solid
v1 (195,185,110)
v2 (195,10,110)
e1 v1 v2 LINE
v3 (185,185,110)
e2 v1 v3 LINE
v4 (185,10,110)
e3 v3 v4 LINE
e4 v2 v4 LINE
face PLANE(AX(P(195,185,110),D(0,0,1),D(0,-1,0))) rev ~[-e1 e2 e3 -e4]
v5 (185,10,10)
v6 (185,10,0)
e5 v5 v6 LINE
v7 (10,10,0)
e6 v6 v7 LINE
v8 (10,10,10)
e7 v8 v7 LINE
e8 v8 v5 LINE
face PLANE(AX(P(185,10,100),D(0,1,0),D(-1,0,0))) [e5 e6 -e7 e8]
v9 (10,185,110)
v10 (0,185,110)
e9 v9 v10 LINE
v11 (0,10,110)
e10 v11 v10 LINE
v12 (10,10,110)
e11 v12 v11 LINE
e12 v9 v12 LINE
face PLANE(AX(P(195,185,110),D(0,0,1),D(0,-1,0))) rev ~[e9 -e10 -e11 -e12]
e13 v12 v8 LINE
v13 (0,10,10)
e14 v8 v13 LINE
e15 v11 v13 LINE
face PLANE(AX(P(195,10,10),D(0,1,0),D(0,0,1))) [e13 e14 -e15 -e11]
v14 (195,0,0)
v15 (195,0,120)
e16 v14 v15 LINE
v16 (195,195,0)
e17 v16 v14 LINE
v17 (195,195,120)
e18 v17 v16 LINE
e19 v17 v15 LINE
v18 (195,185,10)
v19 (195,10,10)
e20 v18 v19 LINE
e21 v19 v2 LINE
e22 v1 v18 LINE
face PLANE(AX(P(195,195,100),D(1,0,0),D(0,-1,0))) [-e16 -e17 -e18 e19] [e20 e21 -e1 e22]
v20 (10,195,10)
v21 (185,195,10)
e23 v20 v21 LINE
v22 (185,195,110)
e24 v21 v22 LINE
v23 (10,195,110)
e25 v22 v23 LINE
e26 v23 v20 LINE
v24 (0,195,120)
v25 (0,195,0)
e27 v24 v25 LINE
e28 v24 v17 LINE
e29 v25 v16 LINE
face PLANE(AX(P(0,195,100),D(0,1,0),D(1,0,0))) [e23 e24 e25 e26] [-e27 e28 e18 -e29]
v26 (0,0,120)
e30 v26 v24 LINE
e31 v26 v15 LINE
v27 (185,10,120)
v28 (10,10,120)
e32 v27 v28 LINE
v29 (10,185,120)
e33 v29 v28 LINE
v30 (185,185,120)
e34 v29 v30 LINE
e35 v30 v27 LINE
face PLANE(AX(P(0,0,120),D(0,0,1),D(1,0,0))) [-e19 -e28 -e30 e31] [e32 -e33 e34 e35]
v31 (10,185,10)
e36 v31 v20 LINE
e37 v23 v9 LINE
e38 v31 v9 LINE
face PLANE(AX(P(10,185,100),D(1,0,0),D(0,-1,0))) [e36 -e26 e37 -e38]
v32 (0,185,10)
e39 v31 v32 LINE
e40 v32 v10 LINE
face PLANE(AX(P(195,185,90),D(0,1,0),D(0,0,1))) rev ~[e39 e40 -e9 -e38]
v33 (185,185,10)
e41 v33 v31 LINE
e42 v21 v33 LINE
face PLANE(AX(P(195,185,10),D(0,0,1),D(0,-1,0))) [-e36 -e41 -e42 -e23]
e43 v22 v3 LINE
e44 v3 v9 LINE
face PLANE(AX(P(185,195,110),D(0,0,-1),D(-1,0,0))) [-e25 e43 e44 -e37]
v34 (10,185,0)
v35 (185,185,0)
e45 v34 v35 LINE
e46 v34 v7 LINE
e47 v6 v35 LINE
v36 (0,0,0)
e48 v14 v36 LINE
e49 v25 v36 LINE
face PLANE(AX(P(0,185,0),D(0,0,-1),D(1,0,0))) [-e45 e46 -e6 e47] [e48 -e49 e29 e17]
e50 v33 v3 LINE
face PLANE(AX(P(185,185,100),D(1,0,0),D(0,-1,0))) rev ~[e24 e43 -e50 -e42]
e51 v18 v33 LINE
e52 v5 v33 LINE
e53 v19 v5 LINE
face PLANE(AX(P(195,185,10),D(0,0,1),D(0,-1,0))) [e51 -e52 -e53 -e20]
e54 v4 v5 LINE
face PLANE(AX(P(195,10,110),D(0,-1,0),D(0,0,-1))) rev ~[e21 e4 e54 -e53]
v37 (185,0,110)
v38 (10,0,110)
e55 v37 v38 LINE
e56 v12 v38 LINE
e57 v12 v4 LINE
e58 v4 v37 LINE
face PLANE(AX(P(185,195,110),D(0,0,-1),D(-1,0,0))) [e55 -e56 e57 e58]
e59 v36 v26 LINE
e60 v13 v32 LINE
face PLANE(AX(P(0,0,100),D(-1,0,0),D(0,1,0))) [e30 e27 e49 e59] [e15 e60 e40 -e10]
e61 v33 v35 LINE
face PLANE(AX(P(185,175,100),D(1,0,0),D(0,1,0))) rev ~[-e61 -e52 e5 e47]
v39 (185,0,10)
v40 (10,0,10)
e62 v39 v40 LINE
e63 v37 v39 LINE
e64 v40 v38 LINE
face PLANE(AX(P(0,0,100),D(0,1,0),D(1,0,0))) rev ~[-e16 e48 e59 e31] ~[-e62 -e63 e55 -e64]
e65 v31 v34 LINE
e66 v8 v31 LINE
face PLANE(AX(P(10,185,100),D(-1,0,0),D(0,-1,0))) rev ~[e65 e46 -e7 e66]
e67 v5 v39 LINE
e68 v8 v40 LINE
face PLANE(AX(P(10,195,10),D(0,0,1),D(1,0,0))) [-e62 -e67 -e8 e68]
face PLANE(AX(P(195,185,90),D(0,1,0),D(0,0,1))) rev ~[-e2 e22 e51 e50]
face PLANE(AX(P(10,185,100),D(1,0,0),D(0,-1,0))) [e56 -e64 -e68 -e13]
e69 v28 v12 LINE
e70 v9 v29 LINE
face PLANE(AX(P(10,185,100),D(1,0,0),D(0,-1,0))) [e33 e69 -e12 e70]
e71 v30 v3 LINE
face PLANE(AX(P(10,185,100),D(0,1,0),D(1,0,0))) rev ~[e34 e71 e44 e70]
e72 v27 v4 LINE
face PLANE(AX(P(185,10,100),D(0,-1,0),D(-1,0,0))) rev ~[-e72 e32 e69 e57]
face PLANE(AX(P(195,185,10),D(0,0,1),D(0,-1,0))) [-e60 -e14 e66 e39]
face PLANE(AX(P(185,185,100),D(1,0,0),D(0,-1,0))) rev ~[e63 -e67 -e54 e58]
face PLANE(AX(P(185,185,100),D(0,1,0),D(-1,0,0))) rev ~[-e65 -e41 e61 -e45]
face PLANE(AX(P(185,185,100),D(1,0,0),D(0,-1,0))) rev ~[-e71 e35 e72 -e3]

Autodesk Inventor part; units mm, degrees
ref_plane "YZ Plane" through (0, 0, 0) normal (1, 0, 0) x (0, 1, 0)
ref_plane "XZ Plane" through (0, 0, 0) normal (0, 1, 0) x (-1, 0, 0)
ref_plane "XY Plane" through (0, 0, 0) normal (0, 0, 1) x (1, 0, 0)
sketch "Sketch1" plane through (0, 0, 0) normal (0, 0, 1) x (1, 0, 0)
  line L0 (0, 0) -> (175, 0)
  line L1 (175, 0) -> (175, 175)
  line L2 (175, 175) -> (0, 175)
  line L3 (0, 175) -> (0, 0)
  dimension "d0" = 175
  dimension "d1" = 175
extrude "Extrusion1" add sketch "Sketch1" along normal blind 100
sketch "Sketch2" plane through (0, 175, 0) normal (0, 1, 0) x (1, 0, 0)
  line L0 (0, 0) -> (175, 0) projected
  line L1 (0, -100) -> (175, -100) projected
  line L2 (0, 0) -> (175, 0)
  line L3 (175, 0) -> (175, -100)
  line L4 (175, -100) -> (0, -100)
  line L5 (0, -100) -> (0, 0)
  line L6 (10, -10) -> (165, -10)
  line L7 (165, -10) -> (165, -90)
  line L8 (165, -90) -> (10, -90)
  line L9 (10, -90) -> (10, -10)
  dimension "d4" = 10
  dimension "d5" = 10
  dimension "d6" = 10
  dimension "d7" = 10
extrude "Extrusion2" add sketch "Sketch2" along normal blind 10
sketch "Sketch3" plane through (10, 175, 10) normal (0, 1, 0) x (1, 0, 0)
  line L0 (0, -80) -> (0, 0) projected
  line L1 (0, -80) -> (155, -80) projected
  line L2 (0, 0) -> (155, 0)
  line L3 (155, 0) -> (155, -80)
  line L4 (155, -80) -> (0, -80)
  line L5 (0, -80) -> (0, 0)
  point P0 (-10, 10)
extrude "Extrusion3" cut sketch "Sketch3" against normal blind 9000
sketch "Sketch4" plane through (0, 0, 100) normal (0, 0, 1) x (1, 0, 0)
  line L0 (175, 0) -> (175, 185) projected
  line L1 (175, 185) -> (195, 185)
  line L2 (195, 185) -> (195, 0)
  line L3 (195, 0) -> (175, 0)
  line L4 (175, 0) -> (175, 185)
  point P0 (0, 0)
  dimension "d12" = 20
extrude "Extrusion4" add sketch "Sketch4" against normal blind 100
sketch "Sketch5" plane through (0, 0, 100) normal (0, 0, 1) x (1, 0, 0)
  line L0 (10, 175) -> (185, 175)
  line L1 (185, 175) -> (185, 10)
  line L2 (185, 10) -> (10, 10)
  line L3 (10, 10) -> (10, 175)
  line L4 (0, 185) -> (195, 185) projected
  line L5 (0, 0) -> (0, 185) projected
  line L6 (0, 0) -> (195, 0) projected
  line L7 (195, 0) -> (195, 185) projected
  dimension "d15" = 10
  dimension "d16" = 10
  dimension "d17" = 10
  dimension "d18" = 10
extrude "Extrusion5" cut sketch "Sketch5" against normal blind 100 contours L0 L1 L2 L3
sketch "Sketch6" plane through (195, 0, 100) normal (1, 0, 0) x (0, 0, -1)
  point P0 (100, 0)
sketch "Sketch7" plane through (0, 185, 0) normal (0, 1, 0) x (1, 0, 0)
  line L0 (0, -100) -> (195, -100) projected
  line L1 (0, 0) -> (195, 0)
  line L2 (195, 0) -> (195, -100)
  line L3 (195, -100) -> (0, -100)
  line L4 (0, -100) -> (0, 0)
extrude "Extrusion6" add sketch "Sketch7" along normal blind 10
sketch "Sketch8" plane through (0, 195, 0) normal (0, 1, 0) x (1, 0, 0)
  line L0 (10, -10) -> (10, 0) projected
  line L1 (10, -10) -> (185, -10)
  line L2 (185, -10) -> (185, -90)
  line L3 (185, -90) -> (10, -90)
  line L4 (10, -90) -> (10, -10)
  line L5 (0, -100) -> (195, -100) projected
  line L6 (195, -100) -> (195, 0) projected
  point P0 (0, 0)
  dimension "d23" = 10
  dimension "d24" = 10
extrude "Extrusion7" cut sketch "Sketch8" against normal blind 900
sketch "Sketch9" plane through (195, 0, 100) normal (1, 0, 0) x (0, 0, -1)
  line L0 (10, 185) -> (90, 185)
  line L1 (90, 185) -> (90, 10)
  line L2 (90, 10) -> (10, 10)
  line L3 (10, 10) -> (10, 185)
  line L4 (0, 195) -> (100, 195) projected
  line L5 (0, 0) -> (0, 195) projected
  line L6 (0, 0) -> (100, 0) projected
  line L7 (100, 0) -> (100, 195) projected
  dimension "d27" = 10
  dimension "d28" = 10
  dimension "d29" = 10
  dimension "d30" = 10
extrude "Extrusion8" cut sketch "Sketch9" against normal blind 900 contours L0 L1 L2 L3
sketch "Sketch10" plane through (0, 0, 100) normal (0, 0, 1) x (1, 0, 0)
  line L0 (185, 175) -> (10, 175) projected
  line L1 (185, 195) -> (185, 185) projected
  line L2 (10, 175) -> (185, 175)
  line L3 (185, 175) -> (185, 185)
  line L4 (185, 185) -> (10, 185)
  line L5 (10, 185) -> (10, 175)
  point P0 (0, 0)
extrude "Extrusion9" cut sketch "Sketch10" against normal blind 900
sketch "Sketch11" plane through (0, 0, 100) normal (0, 0, 1) x (1, 0, 0)
  line L0 (0, 0) -> (0, 195) projected
  line L1 (0, 0) -> (195, 0) projected
  line L2 (0, 195) -> (195, 195)
  line L3 (195, 195) -> (195, 0)
  line L4 (195, 0) -> (0, 0)
  line L5 (0, 0) -> (0, 195)
  line L6 (10, 185) -> (10, 10) projected
  line L7 (185, 10) -> (10, 10) projected
  line L8 (10, 185) -> (185, 185)
  line L9 (185, 185) -> (185, 10)
  line L10 (185, 10) -> (10, 10)
  line L11 (10, 10) -> (10, 185)
extrude "Extrusion10" add sketch "Sketch11" along normal blind 20
sketch "Sketch12" plane through (0, 195, 0) normal (0, 1, 0) x (1, 0, 0)
  line L0 (10, -90) -> (0, -90) projected
  line L1 (185, -120) -> (185, -90) projected
  line L2 (10, -90) -> (185, -90)
  line L3 (185, -90) -> (185, -110)
  line L4 (185, -110) -> (10, -110)
  line L5 (10, -110) -> (10, -90)
  line L6 (195, -120) -> (0, -120) projected
  point P0 (0, 0)
  dimension "d37" = 10
extrude "Extrusion11" cut sketch "Sketch12" against normal blind 900
sketch "Sketch13" plane through (195, 0, 0) normal (1, 0, 0) x (0, 0, -1)
  line L0 (-90, 185) -> (-10, 185) projected
  line L1 (-120, 10) -> (-110, 10) projected
  line L2 (-90, 185) -> (-110, 185)
  line L3 (-110, 185) -> (-110, 10)
  line L4 (-110, 10) -> (-90, 10)
  line L5 (-90, 10) -> (-90, 185)
  point P0 (0, 0)
extrude "Extrusion12" cut sketch "Sketch13" against normal blind 900
sketch "Sketch15" plane through (0, 10, 10) normal (0, 0, 1) x (1, 0, 0)
  line L0 (10, 175) -> (10, 0) projected
  line L1 (0, 115) -> (10, 115)
  line L2 (10, 115) -> (10, 105)
  line L3 (10, 105) -> (0, 105)
  line L4 (0, 105) -> (0, 115)
  point P0 (10, 115)
  point P1 (10, 115)
  dimension "d45" = 10
sketch "Sketch16" plane through (185, 10, 10) normal (0, 0, 1) x (1, 0, 0)
  line L0 (0, 115) -> (10, 115) projected
  line L1 (0, 115) -> (10, 115)
  line L2 (10, 115) -> (10, 105)
  line L3 (10, 105) -> (0, 105)
  line L4 (0, 105) -> (0, 115)
  point P0 (-185, -10)
  point P1 (10, 115)
  dimension "d46" = 10
properties part number "Battery housing"
